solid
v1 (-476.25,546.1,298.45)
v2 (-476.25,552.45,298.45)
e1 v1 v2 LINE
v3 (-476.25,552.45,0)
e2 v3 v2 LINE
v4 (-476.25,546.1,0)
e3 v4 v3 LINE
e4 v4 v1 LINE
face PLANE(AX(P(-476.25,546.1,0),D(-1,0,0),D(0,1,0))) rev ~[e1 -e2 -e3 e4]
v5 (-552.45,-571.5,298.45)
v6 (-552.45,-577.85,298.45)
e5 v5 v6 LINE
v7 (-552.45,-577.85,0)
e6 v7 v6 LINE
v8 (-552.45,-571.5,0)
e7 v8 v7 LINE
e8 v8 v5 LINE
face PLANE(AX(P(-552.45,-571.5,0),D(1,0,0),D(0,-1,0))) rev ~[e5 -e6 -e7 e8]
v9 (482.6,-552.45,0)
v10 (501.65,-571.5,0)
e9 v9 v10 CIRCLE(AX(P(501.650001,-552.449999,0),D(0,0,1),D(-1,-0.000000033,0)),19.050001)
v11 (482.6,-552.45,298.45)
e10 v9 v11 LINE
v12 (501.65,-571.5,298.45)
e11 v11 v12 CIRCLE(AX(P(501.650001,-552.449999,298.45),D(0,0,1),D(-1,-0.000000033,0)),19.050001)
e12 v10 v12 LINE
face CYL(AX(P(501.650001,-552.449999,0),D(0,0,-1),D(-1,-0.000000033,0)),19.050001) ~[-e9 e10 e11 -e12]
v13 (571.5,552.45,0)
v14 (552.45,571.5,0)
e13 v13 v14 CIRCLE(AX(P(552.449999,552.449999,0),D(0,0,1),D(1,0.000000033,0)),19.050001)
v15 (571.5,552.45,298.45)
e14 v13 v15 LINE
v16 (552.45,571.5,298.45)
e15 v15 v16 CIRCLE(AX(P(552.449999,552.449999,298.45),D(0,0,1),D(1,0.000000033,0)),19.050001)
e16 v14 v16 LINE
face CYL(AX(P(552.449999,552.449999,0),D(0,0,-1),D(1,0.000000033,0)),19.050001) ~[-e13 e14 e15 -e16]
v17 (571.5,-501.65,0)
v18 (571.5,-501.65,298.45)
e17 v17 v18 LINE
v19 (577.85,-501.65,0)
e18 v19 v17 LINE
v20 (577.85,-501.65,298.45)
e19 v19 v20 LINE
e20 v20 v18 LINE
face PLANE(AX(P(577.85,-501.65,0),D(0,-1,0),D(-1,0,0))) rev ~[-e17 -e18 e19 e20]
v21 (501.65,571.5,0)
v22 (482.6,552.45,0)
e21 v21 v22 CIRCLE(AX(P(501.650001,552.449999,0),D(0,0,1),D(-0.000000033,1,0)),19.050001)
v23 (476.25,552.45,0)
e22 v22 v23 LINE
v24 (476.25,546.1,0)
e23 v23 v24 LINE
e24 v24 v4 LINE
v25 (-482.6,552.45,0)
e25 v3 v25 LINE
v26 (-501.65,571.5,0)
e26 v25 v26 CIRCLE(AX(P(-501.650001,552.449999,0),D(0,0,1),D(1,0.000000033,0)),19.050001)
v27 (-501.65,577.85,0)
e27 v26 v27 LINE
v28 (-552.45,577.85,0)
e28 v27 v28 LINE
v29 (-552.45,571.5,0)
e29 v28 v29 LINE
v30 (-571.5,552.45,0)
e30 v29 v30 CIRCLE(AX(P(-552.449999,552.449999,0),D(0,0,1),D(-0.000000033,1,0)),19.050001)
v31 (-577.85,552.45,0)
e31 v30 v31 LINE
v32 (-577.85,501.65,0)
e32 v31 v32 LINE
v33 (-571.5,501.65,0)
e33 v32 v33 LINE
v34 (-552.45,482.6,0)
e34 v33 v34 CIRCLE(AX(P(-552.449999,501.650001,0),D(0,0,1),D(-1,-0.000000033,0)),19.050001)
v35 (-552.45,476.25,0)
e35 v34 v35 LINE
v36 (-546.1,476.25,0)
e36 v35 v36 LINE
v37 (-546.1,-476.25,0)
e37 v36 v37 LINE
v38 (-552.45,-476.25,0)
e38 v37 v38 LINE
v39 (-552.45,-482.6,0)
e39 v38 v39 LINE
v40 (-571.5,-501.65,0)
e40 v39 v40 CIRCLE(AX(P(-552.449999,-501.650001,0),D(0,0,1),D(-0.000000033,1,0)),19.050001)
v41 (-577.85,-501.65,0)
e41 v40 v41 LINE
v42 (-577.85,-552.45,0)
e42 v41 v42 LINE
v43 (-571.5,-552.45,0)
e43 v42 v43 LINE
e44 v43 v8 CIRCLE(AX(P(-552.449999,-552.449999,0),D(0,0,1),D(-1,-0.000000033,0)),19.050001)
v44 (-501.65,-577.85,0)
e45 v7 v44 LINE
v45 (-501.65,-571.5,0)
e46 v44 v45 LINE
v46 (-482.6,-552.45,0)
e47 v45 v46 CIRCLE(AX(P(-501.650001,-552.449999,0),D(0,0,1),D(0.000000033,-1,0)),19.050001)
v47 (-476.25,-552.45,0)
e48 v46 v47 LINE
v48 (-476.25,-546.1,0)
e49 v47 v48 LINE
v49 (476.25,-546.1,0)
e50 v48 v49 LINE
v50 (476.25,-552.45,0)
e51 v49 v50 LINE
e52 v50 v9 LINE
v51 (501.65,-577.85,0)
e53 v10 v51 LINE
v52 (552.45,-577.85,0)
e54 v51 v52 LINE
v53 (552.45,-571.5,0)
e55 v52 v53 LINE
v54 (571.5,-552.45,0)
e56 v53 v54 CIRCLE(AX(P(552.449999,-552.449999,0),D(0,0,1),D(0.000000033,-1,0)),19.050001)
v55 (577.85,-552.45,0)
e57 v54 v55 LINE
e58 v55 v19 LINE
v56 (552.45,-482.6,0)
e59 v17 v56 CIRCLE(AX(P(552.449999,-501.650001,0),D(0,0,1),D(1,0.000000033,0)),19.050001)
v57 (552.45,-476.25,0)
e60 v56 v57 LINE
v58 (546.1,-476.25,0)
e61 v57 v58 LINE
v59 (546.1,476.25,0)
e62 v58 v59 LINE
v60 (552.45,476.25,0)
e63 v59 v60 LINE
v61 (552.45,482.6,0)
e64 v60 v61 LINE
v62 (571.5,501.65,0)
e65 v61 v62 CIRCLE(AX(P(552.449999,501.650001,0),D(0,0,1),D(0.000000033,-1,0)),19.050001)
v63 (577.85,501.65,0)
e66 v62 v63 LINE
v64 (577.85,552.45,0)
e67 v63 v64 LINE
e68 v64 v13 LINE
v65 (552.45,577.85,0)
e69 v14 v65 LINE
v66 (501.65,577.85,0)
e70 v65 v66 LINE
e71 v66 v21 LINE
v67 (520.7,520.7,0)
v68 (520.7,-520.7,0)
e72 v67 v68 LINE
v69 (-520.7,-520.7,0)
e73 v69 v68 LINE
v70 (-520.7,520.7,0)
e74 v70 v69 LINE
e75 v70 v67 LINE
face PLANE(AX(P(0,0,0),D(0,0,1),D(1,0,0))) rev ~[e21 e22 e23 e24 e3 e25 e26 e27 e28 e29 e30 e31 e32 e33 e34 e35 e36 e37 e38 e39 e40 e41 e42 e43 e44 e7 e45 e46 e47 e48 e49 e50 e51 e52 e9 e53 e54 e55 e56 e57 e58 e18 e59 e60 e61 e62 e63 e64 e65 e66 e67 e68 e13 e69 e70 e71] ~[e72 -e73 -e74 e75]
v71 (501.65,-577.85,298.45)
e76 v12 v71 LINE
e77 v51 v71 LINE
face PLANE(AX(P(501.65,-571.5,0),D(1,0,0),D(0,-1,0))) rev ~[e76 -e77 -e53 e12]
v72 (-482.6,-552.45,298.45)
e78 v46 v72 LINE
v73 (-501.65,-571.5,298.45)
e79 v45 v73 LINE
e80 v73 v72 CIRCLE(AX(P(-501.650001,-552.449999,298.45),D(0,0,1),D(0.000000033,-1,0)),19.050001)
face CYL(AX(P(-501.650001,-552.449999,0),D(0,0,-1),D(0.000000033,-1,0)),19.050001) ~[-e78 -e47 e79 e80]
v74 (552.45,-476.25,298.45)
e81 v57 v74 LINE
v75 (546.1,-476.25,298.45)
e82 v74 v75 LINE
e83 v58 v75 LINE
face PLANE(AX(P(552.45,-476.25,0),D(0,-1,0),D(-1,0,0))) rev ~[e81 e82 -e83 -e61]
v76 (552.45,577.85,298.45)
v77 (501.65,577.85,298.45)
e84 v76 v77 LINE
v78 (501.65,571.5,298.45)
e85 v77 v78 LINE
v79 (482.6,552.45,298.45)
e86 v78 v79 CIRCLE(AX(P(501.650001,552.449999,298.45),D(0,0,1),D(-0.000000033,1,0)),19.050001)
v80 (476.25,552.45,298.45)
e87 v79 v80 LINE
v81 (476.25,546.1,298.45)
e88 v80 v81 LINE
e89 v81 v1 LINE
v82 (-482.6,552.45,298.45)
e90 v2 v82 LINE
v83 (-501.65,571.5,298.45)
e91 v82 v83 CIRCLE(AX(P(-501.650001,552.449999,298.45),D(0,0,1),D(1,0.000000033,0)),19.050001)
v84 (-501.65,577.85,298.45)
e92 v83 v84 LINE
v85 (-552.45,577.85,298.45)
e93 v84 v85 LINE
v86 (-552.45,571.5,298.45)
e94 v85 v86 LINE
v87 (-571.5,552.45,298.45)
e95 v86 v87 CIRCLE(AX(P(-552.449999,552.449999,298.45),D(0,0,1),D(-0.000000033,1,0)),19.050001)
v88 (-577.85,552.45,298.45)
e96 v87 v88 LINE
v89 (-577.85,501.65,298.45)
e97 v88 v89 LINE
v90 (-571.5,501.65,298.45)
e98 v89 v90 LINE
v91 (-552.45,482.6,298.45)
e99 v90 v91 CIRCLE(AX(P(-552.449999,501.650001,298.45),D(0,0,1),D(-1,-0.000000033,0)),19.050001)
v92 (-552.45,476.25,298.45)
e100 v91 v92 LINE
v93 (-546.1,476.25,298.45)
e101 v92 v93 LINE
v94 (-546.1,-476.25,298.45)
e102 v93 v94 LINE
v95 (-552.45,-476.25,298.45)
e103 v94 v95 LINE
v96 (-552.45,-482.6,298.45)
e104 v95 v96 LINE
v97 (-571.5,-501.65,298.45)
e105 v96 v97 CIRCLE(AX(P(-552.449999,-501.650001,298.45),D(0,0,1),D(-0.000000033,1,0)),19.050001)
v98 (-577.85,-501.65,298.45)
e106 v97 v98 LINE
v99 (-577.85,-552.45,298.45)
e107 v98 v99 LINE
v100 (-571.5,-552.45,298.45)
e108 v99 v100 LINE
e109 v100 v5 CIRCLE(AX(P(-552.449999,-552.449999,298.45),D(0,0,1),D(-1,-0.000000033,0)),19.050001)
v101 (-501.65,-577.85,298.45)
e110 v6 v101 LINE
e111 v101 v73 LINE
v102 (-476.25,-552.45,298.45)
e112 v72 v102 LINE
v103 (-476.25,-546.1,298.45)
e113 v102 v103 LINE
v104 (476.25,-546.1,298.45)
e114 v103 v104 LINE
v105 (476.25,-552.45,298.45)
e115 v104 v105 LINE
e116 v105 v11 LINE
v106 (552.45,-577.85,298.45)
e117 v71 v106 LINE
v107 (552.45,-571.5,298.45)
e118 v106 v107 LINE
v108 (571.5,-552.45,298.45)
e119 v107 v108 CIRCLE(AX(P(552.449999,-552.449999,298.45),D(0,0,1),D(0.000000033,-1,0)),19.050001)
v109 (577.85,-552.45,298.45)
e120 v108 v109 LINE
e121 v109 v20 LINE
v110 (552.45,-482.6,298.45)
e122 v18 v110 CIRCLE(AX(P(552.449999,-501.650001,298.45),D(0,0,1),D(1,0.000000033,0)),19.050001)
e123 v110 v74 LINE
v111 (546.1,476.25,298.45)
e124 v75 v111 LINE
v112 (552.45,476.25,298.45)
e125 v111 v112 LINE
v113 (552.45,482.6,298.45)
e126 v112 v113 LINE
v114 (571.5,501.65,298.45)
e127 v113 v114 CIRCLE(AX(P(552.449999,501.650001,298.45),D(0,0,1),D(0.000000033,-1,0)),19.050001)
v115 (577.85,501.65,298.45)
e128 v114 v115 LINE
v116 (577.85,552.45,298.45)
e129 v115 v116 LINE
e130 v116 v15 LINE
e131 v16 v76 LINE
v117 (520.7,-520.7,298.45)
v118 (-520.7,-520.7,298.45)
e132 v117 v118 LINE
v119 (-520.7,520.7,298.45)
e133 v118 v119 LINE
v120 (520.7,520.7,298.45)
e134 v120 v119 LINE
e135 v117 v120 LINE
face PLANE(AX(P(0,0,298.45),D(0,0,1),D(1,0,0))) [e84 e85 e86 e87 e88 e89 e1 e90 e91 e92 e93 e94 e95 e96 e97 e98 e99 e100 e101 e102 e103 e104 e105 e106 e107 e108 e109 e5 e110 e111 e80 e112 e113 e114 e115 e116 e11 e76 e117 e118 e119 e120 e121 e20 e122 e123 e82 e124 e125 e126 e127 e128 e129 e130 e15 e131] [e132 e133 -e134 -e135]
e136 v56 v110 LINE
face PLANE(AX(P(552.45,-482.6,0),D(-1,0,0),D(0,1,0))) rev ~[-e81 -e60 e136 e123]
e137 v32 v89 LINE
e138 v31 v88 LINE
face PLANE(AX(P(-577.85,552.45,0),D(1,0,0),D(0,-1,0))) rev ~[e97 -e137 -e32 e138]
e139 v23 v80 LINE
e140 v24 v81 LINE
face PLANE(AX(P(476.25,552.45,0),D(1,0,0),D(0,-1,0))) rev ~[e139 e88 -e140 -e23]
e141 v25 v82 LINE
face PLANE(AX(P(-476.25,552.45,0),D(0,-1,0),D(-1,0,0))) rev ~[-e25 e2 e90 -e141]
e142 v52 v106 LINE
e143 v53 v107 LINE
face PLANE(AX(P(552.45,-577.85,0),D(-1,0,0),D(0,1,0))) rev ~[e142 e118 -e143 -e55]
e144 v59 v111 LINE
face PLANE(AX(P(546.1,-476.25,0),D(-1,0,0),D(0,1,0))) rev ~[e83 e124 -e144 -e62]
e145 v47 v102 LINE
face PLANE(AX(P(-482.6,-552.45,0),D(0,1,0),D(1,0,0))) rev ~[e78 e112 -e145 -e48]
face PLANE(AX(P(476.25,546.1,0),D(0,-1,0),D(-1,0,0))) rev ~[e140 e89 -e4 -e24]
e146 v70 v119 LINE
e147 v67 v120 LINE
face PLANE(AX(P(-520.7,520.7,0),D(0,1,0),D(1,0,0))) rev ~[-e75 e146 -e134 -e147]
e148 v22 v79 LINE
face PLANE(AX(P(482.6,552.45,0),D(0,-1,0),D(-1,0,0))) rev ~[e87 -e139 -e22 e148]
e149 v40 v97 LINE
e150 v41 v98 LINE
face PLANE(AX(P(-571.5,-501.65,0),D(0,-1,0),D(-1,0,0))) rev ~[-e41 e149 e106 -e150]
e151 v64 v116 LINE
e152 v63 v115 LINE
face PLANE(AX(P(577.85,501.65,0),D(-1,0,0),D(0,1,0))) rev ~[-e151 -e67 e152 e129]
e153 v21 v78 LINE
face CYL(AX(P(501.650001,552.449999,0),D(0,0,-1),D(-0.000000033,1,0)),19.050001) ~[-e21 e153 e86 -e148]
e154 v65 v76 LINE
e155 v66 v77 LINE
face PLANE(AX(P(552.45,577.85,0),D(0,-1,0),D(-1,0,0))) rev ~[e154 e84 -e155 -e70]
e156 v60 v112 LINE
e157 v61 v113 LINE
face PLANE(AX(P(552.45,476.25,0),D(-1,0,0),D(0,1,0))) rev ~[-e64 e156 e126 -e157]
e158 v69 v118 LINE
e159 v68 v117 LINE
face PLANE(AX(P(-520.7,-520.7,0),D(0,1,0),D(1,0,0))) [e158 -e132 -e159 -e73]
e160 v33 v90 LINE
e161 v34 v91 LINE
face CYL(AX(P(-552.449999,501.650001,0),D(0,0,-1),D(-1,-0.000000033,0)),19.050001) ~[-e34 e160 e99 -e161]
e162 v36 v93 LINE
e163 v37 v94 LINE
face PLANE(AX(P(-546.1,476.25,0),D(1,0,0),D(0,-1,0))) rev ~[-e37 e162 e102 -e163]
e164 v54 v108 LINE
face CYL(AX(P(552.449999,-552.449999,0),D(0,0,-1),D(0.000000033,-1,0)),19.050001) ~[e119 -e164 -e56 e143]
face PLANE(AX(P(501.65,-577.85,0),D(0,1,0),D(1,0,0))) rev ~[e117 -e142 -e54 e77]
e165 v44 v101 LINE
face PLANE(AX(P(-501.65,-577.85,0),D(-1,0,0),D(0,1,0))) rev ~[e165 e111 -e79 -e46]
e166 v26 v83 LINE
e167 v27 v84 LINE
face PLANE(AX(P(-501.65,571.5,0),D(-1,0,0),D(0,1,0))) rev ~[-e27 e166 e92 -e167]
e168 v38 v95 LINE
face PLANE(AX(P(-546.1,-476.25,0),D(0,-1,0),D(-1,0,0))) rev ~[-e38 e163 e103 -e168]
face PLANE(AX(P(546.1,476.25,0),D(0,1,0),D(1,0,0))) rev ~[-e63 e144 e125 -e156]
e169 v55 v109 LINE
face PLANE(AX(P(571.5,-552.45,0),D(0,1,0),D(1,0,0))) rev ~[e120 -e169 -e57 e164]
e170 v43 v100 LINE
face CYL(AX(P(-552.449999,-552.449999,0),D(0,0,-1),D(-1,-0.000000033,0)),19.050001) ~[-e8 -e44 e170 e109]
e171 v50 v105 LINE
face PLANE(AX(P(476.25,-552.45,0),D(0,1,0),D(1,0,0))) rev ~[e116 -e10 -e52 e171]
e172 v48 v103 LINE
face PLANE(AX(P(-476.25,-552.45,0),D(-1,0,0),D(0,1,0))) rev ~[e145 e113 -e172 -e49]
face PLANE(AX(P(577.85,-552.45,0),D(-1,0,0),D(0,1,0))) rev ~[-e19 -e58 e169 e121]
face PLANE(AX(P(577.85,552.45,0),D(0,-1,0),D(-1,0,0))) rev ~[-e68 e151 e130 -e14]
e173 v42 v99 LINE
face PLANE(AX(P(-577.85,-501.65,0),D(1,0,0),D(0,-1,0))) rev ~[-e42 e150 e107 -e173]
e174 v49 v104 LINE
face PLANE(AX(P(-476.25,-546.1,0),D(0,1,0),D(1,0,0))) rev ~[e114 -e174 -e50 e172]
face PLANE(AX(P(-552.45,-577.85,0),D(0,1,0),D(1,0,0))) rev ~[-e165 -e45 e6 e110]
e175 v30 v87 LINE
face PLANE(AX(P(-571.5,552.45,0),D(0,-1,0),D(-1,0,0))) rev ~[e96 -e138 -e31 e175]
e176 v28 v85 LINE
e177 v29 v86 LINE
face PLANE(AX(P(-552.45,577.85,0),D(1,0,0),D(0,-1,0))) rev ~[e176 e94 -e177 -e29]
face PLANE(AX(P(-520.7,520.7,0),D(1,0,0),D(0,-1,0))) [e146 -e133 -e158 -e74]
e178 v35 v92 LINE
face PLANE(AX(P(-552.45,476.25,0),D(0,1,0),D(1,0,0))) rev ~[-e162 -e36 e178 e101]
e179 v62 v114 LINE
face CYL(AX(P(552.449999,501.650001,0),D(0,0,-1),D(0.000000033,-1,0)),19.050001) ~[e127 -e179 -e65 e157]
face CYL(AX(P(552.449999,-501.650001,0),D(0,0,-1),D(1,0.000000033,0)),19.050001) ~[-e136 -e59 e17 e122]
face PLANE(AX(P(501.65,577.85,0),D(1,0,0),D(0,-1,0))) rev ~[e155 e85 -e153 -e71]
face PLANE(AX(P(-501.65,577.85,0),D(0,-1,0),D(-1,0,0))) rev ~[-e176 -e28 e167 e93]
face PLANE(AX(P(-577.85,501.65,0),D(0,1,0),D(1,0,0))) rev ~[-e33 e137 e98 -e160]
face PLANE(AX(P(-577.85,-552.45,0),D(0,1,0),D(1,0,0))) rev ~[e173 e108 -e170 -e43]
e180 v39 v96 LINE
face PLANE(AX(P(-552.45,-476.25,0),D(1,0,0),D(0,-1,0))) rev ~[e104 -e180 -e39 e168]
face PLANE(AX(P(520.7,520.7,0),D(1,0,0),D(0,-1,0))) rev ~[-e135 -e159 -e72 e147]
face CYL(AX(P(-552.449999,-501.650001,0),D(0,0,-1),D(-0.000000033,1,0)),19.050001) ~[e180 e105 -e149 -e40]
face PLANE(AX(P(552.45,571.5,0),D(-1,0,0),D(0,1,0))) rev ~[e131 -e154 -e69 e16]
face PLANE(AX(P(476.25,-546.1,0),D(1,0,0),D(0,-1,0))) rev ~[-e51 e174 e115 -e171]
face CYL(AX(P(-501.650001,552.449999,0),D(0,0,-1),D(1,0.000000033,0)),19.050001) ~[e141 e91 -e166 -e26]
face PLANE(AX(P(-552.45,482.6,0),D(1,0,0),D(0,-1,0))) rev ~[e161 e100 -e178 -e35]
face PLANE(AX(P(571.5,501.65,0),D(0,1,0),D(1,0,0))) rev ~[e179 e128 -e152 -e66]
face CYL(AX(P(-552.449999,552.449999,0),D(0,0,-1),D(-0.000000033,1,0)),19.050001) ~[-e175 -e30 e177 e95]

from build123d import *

# Parameters (mm, degrees)
F1_DEPTH = 298.45
F2_W     = 1041.4
F2_H     = 1041.4
F3_DEPTH = 298.451


with BuildPart() as f1:
    # F0 (on Top) → F1 (new body)
    with BuildSketch(Plane.XY):
        with BuildLine():
            Line((-552.45, 476.25), (-546.1, 476.25))
            Line((-546.1, 476.25), (-546.1, -476.25))
            Line((-546.1, -476.25), (-552.45, -476.25))
            Line((-552.45, -476.25), (-552.45, -482.6))
            ThreePointArc((-552.45, -482.6), (-565.920384, -488.179616), (-571.5, -501.65))
            Line((-571.5, -501.65), (-577.85, -501.65))
            Line((-577.85, -501.65), (-577.85, -552.45))
            Line((-577.85, -552.45), (-571.5, -552.45))
            ThreePointArc((-571.5, -552.45), (-565.920384, -565.920384), (-552.45, -571.5))
            Line((-552.45, -571.5), (-552.45, -577.85))
            Line((-552.45, -577.85), (-501.65, -577.85))
            Line((-501.65, -577.85), (-501.65, -571.5))
            ThreePointArc((-501.65, -571.5), (-488.179616, -565.920384), (-482.6, -552.45))
            Line((-482.6, -552.45), (-476.25, -552.45))
            Line((-476.25, -552.45), (-476.25, -546.1))
            Line((-476.25, -546.1), (476.25, -546.1))
            Line((476.25, -546.1), (476.25, -552.45))
            Line((476.25, -552.45), (482.6, -552.45))
            ThreePointArc((482.6, -552.45), (488.179616, -565.920384), (501.65, -571.5))
            Line((501.65, -571.5), (501.65, -577.85))
            Line((501.65, -577.85), (552.45, -577.85))
            Line((552.45, -577.85), (552.45, -571.5))
            ThreePointArc((552.45, -571.5), (565.920384, -565.920384), (571.5, -552.45))
            Line((571.5, -552.45), (577.85, -552.45))
            Line((577.85, -552.45), (577.85, -501.65))
            Line((577.85, -501.65), (571.5, -501.65))
            ThreePointArc((571.5, -501.65), (565.920384, -488.179616), (552.45, -482.6))
            Line((552.45, -482.6), (552.45, -476.25))
            Line((552.45, -476.25), (546.1, -476.25))
            Line((546.1, -476.25), (546.1, 476.25))
            Line((546.1, 476.25), (552.45, 476.25))
            Line((552.45, 476.25), (552.45, 482.6))
            ThreePointArc((552.45, 482.6), (565.920384, 488.179616), (571.5, 501.65))
            Line((571.5, 501.65), (577.85, 501.65))
            Line((577.85, 501.65), (577.85, 552.45))
            Line((577.85, 552.45), (571.5, 552.45))
            ThreePointArc((571.5, 552.45), (565.920384, 565.920384), (552.45, 571.5))
            Line((552.45, 571.5), (552.45, 577.85))
            Line((552.45, 577.85), (501.65, 577.85))
            Line((501.65, 577.85), (501.65, 571.5))
            ThreePointArc((501.65, 571.5), (488.179616, 565.920384), (482.6, 552.45))
            Line((482.6, 552.45), (476.25, 552.45))
            Line((476.25, 552.45), (476.25, 546.1))
            Line((476.25, 546.1), (-476.25, 546.1))
            Line((-476.25, 546.1), (-476.25, 552.45))
            Line((-476.25, 552.45), (-482.6, 552.45))
            ThreePointArc((-482.6, 552.45), (-488.179616, 565.920384), (-501.65, 571.5))
            Line((-501.65, 571.5), (-501.65, 577.85))
            Line((-501.65, 577.85), (-552.45, 577.85))
            Line((-552.45, 577.85), (-552.45, 571.5))
            ThreePointArc((-552.45, 571.5), (-565.920384, 565.920384), (-571.5, 552.45))
            Line((-571.5, 552.45), (-577.85, 552.45))
            Line((-577.85, 552.45), (-577.85, 501.65))
            Line((-577.85, 501.65), (-571.5, 501.65))
            ThreePointArc((-571.5, 501.65), (-565.920384, 488.179616), (-552.45, 482.6))
            Line((-552.45, 482.6), (-552.45, 476.25))
        make_face()
    extrude(amount=F1_DEPTH)

    # F2 (on face) → F3 (cut, through all)
    with BuildSketch(Plane(origin=(0, 0, 0), x_dir=(1, 0, 0), z_dir=(0, 0, -1))):
        Rectangle(F2_W, F2_H)
    extrude(amount=-F3_DEPTH, mode=Mode.SUBTRACT)


solid = f1.part
